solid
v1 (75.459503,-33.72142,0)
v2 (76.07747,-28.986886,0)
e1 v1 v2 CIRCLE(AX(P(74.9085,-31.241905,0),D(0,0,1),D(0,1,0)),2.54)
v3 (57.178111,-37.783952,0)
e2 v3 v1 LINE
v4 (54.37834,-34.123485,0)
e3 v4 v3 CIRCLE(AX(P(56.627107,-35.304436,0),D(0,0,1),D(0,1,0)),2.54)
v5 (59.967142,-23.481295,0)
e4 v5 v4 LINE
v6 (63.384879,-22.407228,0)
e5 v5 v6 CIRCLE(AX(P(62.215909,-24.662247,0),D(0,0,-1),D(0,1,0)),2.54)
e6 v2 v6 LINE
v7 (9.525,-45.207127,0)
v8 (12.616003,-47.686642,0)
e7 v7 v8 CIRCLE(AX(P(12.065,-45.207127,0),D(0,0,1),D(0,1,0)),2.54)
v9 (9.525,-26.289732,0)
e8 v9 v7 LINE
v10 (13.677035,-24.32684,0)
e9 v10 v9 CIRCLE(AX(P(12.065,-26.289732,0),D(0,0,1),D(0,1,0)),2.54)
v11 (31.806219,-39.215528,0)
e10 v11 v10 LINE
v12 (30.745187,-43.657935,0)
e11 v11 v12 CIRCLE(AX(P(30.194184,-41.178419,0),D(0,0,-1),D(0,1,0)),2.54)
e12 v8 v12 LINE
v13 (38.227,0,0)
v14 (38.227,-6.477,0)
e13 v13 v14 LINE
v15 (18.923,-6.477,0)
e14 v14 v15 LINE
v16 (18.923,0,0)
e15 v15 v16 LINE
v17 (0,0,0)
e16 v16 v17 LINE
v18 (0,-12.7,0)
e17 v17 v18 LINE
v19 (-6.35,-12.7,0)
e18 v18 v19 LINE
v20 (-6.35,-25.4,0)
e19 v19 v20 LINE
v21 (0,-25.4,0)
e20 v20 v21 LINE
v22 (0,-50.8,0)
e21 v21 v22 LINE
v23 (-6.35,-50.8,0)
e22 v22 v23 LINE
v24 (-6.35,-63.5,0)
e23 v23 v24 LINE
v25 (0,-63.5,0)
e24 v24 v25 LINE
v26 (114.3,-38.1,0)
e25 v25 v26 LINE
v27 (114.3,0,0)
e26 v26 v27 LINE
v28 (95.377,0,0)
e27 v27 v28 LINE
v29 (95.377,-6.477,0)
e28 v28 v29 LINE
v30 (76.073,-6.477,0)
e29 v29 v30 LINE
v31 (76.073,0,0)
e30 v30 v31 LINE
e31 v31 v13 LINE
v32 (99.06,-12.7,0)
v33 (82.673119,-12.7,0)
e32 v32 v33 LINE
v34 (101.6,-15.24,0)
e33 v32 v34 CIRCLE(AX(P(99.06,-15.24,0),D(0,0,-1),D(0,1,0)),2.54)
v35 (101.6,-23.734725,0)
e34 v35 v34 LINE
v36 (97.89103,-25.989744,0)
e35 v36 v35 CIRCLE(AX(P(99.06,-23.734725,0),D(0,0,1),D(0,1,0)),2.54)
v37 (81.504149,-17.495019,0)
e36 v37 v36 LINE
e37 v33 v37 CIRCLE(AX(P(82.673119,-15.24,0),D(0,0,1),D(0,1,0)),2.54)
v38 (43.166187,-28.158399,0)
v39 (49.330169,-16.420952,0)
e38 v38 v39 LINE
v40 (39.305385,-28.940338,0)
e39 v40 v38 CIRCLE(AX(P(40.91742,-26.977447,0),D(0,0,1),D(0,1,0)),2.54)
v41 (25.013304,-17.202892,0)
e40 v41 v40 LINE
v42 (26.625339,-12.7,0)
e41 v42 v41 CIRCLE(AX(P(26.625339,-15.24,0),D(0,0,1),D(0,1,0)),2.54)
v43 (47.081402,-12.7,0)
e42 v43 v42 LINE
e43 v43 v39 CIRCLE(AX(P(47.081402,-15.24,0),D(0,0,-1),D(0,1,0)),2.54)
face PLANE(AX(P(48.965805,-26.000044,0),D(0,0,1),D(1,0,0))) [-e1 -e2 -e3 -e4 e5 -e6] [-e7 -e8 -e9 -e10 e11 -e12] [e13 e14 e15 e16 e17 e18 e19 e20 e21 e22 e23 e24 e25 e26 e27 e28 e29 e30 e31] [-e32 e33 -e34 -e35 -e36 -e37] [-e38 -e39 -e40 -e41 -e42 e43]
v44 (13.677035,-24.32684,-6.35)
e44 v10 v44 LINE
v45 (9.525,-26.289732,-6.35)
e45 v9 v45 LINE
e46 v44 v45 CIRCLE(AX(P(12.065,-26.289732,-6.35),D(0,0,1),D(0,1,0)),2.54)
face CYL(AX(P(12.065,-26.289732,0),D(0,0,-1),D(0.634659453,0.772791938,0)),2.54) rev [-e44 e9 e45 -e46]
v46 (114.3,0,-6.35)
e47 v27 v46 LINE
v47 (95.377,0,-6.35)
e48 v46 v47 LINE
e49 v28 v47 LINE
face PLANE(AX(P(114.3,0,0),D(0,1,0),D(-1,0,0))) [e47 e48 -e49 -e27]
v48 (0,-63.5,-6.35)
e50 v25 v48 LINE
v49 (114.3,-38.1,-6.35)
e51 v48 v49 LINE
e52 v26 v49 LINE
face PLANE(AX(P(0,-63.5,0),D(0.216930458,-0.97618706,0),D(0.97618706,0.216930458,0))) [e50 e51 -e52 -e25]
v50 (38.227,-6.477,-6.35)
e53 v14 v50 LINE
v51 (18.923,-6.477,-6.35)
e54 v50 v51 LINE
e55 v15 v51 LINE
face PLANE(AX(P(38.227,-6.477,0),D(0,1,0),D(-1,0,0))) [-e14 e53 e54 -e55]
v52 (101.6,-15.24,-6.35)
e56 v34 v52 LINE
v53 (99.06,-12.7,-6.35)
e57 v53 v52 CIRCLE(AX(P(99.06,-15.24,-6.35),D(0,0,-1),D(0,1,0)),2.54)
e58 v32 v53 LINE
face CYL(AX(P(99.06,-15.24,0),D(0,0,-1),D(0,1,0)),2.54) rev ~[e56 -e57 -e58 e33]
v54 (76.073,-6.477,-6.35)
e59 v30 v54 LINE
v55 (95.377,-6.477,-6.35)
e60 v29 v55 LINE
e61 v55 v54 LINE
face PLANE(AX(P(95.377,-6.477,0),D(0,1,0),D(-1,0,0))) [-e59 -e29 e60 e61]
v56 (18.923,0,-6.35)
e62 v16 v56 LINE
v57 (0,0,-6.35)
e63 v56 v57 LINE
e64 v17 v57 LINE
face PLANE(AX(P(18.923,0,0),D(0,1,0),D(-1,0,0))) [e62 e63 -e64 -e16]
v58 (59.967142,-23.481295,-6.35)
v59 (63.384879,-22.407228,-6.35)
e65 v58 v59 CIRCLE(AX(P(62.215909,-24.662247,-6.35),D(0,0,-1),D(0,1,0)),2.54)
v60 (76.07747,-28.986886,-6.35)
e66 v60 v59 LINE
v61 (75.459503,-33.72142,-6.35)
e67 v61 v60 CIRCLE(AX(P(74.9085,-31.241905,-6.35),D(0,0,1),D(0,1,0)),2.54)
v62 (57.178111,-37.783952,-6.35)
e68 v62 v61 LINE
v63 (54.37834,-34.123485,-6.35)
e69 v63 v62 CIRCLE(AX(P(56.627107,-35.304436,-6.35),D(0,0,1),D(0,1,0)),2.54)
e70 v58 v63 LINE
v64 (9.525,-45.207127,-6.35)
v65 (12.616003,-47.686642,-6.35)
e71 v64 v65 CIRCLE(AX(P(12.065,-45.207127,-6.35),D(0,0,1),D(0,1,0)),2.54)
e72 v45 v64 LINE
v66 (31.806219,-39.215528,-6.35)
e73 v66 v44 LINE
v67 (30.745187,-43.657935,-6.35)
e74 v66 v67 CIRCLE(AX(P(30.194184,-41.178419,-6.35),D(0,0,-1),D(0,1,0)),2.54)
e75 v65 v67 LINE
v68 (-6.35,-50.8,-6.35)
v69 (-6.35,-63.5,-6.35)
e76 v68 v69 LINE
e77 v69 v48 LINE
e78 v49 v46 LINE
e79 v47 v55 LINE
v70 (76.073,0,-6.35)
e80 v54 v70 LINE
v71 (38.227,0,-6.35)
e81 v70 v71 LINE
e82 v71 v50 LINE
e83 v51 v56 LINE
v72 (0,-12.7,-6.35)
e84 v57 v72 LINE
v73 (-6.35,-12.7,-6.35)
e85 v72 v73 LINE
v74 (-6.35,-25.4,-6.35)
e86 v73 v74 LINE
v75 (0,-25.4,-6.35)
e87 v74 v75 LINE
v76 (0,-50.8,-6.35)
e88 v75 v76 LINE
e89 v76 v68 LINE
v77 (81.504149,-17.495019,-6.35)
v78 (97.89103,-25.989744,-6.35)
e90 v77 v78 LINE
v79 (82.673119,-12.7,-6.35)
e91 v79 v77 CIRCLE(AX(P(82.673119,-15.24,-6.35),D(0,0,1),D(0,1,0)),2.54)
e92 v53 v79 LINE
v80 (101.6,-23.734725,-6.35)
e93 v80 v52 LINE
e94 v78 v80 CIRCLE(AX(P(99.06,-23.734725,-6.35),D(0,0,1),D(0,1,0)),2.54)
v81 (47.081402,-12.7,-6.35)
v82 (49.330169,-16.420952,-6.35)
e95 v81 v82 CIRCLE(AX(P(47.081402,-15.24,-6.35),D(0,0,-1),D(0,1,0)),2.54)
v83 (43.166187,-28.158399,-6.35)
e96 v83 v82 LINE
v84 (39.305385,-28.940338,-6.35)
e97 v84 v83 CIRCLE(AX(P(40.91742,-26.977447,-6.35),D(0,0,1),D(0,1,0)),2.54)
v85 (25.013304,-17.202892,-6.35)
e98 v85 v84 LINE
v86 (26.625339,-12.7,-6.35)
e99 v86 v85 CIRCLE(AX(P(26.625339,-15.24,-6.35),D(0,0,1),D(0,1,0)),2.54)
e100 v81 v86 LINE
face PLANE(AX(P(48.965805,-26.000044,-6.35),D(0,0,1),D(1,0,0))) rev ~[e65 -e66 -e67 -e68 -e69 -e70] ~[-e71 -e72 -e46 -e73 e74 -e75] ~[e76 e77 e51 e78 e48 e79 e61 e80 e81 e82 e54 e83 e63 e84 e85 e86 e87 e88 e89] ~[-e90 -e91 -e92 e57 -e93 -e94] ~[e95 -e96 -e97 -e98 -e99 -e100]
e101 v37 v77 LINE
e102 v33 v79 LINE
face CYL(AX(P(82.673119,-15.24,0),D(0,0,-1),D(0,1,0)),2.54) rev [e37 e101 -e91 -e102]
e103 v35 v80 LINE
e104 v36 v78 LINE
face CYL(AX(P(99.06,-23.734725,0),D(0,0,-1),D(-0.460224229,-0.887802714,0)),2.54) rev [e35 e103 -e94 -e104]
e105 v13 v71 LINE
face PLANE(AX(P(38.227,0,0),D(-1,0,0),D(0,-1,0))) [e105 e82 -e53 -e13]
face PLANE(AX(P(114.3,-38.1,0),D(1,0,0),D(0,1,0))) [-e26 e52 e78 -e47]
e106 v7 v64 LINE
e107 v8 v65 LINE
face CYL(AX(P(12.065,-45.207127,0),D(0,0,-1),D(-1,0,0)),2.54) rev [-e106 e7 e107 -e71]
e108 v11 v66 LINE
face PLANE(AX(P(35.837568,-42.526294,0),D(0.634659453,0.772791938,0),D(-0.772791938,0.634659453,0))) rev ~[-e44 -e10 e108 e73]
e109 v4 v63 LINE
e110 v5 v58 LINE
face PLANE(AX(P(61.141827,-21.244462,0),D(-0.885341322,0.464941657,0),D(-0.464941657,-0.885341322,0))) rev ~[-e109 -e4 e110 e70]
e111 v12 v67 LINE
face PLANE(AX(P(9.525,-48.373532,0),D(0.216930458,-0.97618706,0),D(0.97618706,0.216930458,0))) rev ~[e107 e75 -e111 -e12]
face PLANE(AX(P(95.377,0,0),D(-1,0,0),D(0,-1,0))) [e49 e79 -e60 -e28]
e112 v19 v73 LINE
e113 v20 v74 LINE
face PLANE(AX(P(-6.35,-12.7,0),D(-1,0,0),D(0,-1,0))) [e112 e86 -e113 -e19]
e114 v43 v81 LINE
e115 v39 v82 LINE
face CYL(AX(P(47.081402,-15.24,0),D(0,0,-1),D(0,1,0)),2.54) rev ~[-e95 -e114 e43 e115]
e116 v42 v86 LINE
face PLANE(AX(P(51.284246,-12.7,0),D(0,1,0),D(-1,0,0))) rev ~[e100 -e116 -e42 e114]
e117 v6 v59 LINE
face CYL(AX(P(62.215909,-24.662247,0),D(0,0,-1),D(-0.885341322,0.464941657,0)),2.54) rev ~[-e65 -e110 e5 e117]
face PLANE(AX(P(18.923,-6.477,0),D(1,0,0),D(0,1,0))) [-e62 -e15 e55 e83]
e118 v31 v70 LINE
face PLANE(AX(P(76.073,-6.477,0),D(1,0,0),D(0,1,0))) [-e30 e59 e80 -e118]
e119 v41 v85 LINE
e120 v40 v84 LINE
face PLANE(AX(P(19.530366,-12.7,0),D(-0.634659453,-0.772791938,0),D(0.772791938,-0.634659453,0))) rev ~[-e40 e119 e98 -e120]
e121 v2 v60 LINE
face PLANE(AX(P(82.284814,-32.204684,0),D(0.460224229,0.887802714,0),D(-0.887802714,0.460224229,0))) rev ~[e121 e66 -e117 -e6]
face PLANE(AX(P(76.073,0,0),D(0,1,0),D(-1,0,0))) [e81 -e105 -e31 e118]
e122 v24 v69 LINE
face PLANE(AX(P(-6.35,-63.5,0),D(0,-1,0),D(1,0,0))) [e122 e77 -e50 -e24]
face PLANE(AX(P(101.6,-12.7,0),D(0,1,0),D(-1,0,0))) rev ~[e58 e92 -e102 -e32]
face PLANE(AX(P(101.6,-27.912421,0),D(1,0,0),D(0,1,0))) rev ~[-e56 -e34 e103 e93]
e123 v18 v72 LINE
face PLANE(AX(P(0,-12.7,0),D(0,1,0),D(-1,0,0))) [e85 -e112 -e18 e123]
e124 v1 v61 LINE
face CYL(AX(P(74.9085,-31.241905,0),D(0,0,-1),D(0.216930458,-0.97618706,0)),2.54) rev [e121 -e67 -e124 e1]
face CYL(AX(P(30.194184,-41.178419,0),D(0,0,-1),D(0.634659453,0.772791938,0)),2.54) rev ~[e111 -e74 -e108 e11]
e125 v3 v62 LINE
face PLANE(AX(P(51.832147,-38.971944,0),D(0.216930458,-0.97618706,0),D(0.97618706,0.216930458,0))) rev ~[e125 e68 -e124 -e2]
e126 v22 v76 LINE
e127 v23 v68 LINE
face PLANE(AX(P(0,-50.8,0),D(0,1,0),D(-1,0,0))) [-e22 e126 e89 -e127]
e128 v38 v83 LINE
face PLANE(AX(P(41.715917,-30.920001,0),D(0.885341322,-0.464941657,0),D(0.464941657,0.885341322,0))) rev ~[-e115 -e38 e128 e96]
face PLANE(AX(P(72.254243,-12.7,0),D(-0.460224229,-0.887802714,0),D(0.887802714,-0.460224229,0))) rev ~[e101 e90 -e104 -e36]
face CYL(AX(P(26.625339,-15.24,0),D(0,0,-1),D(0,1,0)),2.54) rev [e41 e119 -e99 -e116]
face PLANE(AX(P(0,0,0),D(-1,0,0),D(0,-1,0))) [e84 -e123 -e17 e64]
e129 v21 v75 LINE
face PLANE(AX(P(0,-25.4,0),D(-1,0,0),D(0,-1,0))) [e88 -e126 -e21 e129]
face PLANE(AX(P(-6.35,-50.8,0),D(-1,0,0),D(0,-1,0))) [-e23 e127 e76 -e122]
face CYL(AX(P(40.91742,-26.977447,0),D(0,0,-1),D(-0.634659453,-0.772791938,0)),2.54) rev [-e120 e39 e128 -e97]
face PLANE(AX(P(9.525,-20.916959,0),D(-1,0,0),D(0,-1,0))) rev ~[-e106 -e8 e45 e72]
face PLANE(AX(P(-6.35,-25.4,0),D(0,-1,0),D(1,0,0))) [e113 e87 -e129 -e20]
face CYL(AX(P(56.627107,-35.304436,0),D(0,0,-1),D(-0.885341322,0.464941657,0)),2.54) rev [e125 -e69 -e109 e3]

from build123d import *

# Parameters (mm, degrees)
BOSS_EXTRUDE1_DEPTH = 6.35
CUT_EXTRUDE1_DEPTH  = 6.35
FILLET1_R           = 2.54


with BuildPart() as part:
    # Sketch2 → Boss-Extrude1 (new body)
    with BuildSketch(Plane.XY):
        Polygon((-6.35, -63.5), (0, -63.5), (114.3, -38.1), (114.3, 0), (95.377, 0), (95.377, -6.477), (76.073, -6.477), (76.073, 0), (38.227, 0), (38.227, -6.477), (18.923, -6.477), (18.923, 0), (0, 0), (0, -12.7), (-6.35, -12.7), (-6.35, -25.4), (0, -25.4), (0, -50.8), (-6.35, -50.8), align=None)
    extrude(amount=-BOSS_EXTRUDE1_DEPTH)

    # Sketch3 → Cut-Extrude1 (cut)
    with BuildSketch(Plane.XY):
        Polygon((35.837567759, -42.526294431), (9.525, -20.916959432), (9.525, -48.37353171), align=None)
        Polygon((51.284246094, -12.7), (19.530365822, -12.7), (41.715916793, -30.920000703), align=None)
        Polygon((61.141826863, -21.244462208), (51.832146694, -38.971943556), (82.284813735, -32.204684214), align=None)
        Polygon((101.6, -12.7), (72.25424324, -12.7), (101.6, -27.912420599), align=None)
    extrude(amount=-CUT_EXTRUDE1_DEPTH, mode=Mode.SUBTRACT)

    # Fillet1
    fillet1_edges = [part.edges().sort_by_distance(p)[0] for p in [
        (41.715916793, -30.920000703, -3.175),
        (19.530365822, -12.7, -3.175),
        (51.284246094, -12.7, -3.175),
        (61.141826863, -21.244462208, -3.175),
        (82.284813735, -32.204684214, -3.175),
        (51.832146694, -38.971943556, -3.175),
        (72.25424324, -12.7, -3.175),
        (101.6, -12.7, -3.175),
        (101.6, -27.912420599, -3.175),
        (9.525, -20.916959432, -3.175),
        (35.837567759, -42.526294431, -3.175),
        (9.525, -48.37353171, -3.175),
    ]]
    fillet(fillet1_edges, radius=FILLET1_R)


solid = part.part
